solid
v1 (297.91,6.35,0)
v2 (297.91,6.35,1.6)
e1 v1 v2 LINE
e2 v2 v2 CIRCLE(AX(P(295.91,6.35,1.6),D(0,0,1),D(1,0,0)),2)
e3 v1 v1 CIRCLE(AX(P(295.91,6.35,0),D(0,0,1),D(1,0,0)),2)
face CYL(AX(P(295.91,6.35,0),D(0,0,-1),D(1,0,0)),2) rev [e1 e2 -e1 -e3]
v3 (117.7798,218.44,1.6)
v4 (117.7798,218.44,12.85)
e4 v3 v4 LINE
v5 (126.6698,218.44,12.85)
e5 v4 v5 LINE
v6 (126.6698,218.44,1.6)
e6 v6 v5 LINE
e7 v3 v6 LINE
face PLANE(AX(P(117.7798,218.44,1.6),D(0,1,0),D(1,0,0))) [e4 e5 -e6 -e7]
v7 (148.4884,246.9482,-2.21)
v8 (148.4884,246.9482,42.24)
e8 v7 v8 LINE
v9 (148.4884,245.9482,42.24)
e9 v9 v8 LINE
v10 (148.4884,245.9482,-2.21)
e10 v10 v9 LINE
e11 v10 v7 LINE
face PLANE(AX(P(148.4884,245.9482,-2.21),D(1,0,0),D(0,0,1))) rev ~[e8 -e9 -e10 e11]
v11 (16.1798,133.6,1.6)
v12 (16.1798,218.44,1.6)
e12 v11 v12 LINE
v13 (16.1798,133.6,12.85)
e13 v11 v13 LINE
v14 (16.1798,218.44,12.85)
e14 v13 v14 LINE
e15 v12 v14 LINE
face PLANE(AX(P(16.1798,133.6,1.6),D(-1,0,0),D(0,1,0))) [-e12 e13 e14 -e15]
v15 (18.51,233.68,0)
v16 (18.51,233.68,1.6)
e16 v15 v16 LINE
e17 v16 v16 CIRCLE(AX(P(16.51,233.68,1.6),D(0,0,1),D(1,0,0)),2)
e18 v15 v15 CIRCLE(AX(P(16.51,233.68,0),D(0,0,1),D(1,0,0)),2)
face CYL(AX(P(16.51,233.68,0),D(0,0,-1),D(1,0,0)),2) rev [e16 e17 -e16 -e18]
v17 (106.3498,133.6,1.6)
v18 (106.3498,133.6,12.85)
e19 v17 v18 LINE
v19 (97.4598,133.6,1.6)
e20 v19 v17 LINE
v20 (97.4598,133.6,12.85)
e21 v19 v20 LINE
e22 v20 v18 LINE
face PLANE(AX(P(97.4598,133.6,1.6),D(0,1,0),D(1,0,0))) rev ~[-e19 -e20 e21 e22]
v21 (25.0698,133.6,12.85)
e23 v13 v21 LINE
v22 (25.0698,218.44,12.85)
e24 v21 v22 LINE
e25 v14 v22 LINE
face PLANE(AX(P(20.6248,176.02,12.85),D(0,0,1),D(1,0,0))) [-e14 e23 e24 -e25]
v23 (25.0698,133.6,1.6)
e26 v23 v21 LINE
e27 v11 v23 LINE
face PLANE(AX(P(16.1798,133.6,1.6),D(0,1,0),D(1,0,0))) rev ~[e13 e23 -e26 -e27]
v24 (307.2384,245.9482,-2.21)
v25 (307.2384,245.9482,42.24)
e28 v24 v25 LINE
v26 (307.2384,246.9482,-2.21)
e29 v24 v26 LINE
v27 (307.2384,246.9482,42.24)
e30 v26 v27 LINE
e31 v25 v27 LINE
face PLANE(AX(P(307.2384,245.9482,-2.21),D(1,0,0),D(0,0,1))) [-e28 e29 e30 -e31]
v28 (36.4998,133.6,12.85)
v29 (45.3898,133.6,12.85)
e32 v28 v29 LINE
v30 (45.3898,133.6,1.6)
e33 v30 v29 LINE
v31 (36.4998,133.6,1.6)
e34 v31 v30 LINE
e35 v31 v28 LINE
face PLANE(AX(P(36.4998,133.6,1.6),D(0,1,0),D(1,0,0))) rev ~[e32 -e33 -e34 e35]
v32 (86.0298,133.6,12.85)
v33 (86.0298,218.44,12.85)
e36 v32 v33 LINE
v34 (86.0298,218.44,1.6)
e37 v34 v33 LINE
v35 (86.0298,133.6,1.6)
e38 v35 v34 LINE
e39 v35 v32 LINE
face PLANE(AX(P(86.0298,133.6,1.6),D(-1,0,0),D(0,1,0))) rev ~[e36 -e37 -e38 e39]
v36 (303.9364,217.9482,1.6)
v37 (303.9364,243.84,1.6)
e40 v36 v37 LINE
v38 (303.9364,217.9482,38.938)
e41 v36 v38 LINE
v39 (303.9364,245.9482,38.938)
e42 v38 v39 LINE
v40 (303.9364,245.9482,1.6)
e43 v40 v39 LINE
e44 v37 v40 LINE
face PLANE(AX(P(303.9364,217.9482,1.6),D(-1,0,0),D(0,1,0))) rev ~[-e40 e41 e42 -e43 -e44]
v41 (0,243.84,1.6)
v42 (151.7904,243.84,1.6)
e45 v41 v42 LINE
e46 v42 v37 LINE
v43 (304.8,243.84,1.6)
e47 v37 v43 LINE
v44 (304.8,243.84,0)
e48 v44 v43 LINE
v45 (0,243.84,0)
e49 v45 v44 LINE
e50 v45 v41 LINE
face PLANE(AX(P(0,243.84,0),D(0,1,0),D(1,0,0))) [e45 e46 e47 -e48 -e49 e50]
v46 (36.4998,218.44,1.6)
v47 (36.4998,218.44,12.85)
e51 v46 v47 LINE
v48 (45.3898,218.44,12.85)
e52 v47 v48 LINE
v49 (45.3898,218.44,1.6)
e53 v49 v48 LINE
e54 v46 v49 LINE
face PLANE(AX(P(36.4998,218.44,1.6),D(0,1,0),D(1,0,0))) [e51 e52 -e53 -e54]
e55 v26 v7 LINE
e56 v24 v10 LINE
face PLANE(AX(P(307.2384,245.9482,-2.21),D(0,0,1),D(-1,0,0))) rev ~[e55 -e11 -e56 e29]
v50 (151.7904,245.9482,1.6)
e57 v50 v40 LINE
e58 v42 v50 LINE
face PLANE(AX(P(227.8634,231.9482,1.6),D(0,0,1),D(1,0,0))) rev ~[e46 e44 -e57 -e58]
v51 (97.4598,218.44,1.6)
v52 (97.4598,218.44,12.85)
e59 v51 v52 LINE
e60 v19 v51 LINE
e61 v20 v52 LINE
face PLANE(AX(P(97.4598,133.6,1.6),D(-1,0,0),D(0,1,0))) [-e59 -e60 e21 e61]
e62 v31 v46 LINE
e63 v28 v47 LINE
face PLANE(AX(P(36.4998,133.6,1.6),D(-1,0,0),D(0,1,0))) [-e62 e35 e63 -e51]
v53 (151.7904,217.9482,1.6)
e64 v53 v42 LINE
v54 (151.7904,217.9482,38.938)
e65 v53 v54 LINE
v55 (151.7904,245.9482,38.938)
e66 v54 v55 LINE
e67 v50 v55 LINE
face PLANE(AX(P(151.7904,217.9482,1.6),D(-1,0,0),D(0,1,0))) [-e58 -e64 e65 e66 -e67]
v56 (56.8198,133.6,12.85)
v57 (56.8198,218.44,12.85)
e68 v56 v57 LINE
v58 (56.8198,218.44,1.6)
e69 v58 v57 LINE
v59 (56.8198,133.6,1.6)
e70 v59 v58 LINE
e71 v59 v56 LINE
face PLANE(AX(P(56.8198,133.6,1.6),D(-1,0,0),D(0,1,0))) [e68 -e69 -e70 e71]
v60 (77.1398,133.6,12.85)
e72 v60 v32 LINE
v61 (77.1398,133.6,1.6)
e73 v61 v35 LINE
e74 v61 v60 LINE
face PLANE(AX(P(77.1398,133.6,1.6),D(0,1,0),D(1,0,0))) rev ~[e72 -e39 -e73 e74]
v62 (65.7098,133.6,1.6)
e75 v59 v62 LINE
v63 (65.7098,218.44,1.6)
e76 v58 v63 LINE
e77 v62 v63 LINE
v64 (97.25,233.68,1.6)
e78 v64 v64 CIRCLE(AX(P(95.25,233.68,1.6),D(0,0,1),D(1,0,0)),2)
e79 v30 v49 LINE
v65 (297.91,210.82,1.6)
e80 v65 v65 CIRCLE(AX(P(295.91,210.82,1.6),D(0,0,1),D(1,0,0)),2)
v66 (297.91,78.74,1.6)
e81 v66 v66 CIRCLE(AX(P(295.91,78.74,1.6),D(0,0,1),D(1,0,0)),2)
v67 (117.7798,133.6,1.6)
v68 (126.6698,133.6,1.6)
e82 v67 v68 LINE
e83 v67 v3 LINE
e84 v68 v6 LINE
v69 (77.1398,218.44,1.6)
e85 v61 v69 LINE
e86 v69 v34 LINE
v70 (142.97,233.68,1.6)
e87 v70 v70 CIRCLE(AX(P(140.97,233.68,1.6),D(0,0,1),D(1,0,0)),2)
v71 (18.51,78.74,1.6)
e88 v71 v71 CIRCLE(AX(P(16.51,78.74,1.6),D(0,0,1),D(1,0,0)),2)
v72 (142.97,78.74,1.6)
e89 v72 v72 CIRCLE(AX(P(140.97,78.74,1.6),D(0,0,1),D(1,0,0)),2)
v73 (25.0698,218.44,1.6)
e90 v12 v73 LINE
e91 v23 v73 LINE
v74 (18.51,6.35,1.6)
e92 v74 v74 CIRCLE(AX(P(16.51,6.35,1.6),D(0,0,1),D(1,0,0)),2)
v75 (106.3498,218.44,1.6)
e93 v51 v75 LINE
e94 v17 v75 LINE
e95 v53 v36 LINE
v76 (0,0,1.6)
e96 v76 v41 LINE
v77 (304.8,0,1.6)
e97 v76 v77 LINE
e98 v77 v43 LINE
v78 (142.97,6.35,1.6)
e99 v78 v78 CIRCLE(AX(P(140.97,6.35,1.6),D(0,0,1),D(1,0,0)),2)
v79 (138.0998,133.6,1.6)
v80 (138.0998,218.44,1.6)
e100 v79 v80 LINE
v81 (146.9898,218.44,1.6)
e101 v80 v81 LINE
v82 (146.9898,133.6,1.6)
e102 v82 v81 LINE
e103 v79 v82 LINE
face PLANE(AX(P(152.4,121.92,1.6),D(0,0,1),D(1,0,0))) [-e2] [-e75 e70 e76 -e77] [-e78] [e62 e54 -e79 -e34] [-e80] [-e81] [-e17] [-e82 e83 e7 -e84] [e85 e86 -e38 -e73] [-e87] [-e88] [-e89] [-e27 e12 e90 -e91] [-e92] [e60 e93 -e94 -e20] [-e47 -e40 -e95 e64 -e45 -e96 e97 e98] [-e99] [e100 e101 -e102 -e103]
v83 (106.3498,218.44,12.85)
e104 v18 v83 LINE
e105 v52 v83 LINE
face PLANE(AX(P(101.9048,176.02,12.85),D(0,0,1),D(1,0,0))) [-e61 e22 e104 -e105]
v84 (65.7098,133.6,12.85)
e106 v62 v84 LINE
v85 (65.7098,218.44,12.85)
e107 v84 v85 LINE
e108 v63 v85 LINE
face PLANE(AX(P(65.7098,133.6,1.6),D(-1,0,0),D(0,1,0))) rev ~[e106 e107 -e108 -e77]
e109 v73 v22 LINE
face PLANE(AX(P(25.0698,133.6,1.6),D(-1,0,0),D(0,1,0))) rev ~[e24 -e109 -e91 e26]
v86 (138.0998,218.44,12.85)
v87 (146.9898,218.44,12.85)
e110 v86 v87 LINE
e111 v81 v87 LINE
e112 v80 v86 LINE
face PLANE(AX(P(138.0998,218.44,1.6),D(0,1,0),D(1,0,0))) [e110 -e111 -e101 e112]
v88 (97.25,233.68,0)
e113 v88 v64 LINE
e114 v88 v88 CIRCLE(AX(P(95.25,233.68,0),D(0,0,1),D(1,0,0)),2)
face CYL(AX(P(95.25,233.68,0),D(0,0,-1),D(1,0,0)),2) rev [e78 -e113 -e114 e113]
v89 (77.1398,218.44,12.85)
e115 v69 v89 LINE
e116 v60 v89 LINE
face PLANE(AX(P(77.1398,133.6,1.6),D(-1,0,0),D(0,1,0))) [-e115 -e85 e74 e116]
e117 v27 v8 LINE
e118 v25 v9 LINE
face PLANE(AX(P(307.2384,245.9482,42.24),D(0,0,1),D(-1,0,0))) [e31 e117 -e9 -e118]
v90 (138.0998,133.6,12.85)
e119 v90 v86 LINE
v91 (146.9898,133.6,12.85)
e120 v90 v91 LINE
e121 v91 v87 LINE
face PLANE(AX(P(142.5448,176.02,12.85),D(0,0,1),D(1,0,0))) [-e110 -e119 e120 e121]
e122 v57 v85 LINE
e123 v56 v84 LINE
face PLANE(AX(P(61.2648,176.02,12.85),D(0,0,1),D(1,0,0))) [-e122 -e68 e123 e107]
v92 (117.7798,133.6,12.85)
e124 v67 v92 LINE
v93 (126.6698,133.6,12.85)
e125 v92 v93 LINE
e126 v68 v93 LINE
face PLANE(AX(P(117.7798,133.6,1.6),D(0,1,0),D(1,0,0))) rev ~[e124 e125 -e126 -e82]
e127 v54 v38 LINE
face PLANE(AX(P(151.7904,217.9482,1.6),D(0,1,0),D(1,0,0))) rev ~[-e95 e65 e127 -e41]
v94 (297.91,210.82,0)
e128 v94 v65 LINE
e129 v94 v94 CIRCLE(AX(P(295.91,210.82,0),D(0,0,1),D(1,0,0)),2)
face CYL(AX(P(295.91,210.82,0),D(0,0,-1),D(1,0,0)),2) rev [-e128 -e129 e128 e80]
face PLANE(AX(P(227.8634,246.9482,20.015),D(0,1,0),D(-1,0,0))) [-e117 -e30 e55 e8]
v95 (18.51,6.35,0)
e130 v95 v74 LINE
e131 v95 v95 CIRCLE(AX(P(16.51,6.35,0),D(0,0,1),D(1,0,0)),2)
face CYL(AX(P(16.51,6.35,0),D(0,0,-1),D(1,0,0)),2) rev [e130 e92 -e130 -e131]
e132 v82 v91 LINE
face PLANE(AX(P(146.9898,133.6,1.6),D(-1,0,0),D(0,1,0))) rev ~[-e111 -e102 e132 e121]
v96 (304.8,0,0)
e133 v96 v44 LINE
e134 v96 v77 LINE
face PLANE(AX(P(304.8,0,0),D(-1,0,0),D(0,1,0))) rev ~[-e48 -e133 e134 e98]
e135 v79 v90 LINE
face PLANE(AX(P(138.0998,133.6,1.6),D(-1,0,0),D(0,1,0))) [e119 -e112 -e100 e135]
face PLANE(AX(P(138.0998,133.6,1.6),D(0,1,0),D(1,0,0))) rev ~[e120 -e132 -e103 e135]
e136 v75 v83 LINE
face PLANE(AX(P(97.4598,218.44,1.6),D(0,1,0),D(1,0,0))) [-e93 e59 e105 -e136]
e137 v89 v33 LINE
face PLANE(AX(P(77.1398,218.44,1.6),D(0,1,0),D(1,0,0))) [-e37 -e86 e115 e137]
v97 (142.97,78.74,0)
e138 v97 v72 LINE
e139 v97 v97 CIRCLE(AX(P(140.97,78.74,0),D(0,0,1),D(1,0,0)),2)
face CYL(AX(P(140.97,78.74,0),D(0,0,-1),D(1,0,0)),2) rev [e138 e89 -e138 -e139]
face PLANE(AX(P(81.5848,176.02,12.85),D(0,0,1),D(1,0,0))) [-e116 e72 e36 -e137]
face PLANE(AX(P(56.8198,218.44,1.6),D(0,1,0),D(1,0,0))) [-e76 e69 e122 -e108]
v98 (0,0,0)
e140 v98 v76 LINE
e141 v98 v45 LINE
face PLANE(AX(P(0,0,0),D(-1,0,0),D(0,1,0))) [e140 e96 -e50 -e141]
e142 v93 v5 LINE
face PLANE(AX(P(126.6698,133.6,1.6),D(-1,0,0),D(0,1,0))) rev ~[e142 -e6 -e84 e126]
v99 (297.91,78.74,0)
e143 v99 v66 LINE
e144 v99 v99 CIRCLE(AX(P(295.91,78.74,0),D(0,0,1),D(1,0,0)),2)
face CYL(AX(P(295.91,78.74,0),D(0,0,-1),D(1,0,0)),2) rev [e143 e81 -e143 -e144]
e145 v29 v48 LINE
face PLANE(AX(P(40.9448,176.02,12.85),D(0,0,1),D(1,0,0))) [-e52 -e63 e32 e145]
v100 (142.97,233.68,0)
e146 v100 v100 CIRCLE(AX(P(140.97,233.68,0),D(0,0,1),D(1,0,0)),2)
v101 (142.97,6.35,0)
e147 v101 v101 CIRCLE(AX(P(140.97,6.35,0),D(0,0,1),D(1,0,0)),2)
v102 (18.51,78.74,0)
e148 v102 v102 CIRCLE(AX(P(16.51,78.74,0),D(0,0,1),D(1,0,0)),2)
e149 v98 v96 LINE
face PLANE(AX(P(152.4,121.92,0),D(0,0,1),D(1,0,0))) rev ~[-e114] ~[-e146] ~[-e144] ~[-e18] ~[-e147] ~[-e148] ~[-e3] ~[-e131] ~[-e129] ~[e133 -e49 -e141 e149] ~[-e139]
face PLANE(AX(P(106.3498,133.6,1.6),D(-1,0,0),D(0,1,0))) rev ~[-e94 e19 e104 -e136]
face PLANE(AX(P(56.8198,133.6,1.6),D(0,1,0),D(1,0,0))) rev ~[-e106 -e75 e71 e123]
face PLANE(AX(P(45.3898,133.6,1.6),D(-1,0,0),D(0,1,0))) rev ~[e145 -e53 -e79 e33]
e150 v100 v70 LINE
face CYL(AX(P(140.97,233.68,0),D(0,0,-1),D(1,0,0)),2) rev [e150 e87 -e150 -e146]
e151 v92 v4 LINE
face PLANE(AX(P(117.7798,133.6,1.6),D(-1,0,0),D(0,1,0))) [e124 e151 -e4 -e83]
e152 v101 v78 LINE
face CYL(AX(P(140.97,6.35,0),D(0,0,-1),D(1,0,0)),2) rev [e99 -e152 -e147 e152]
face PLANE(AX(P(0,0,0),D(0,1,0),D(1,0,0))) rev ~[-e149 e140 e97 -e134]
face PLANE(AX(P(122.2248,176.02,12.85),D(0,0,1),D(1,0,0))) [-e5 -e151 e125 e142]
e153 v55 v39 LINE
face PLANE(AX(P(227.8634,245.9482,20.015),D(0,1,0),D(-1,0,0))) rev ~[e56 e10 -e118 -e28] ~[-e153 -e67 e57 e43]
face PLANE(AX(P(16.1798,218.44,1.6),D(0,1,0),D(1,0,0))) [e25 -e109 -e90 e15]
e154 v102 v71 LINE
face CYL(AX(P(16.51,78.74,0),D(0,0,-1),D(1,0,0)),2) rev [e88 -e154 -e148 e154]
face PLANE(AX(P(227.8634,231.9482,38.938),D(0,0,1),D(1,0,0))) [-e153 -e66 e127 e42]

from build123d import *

# Parameters (mm, degrees)
F0_W     = 304.8
F0_H     = 243.84
F0_R     = 2
F1_DEPTH = 1.6
F2_W     = 8.89
F2_H     = 84.84
F3_DEPTH = 11.25
F4_W     = 152.146
F4_H     = 28
F5_DEPTH = 37.338
F6_W     = 158.75
F6_H     = 44.45
F7_DEPTH = 1


with BuildPart() as f1:
    # F0 (on Top) → F1 (new body)
    with BuildSketch(Plane.XY):
        with Locations((152.4, 121.92)):
            Rectangle(F0_W, F0_H)
        with Locations((16.51, 6.35)):
            Circle(F0_R, mode=Mode.SUBTRACT)
        with Locations((140.97, 6.35)):
            Circle(F0_R, mode=Mode.SUBTRACT)
        with Locations((16.51, 78.74)):
            Circle(F0_R, mode=Mode.SUBTRACT)
        with Locations((140.97, 78.74)):
            Circle(F0_R, mode=Mode.SUBTRACT)
        with Locations((295.91, 6.35)):
            Circle(F0_R, mode=Mode.SUBTRACT)
        with Locations((295.91, 78.74)):
            Circle(F0_R, mode=Mode.SUBTRACT)
        with Locations((16.51, 233.68)):
            Circle(F0_R, mode=Mode.SUBTRACT)
        with Locations((95.25, 233.68)):
            Circle(F0_R, mode=Mode.SUBTRACT)
        with Locations((140.97, 233.68)):
            Circle(F0_R, mode=Mode.SUBTRACT)
        with Locations((295.91, 210.82)):
            Circle(F0_R, mode=Mode.SUBTRACT)
    extrude(amount=F1_DEPTH)

    # F2 (on face) → F3 (join)
    with BuildSketch(Plane.XY.offset(1.6)):
        with Locations((122.2248, 176.02)):
            Rectangle(F2_W, F2_H)
        with Locations((142.5448, 176.02)):
            Rectangle(F2_W, F2_H)
        with Locations((81.5848, 176.02)):
            Rectangle(F2_W, F2_H)
        with Locations((101.9048, 176.02)):
            Rectangle(F2_W, F2_H)
        with Locations((40.9448, 176.02)):
            Rectangle(F2_W, F2_H)
        with Locations((61.2648, 176.02)):
            Rectangle(F2_W, F2_H)
        with Locations((20.6248, 176.02)):
            Rectangle(F2_W, F2_H)
    extrude(amount=F3_DEPTH)

    # F4 (on face) → F5 (join)
    with BuildSketch(Plane.XY.offset(1.6)):
        with Locations((227.8634, 231.9482)):
            Rectangle(F4_W, F4_H)
    extrude(amount=F5_DEPTH)

    # F6 (on face) → F7 (join)
    with BuildSketch(Plane(origin=(0, 245.9482, 0), x_dir=(-1, 0, 0), z_dir=(0, 1, 0))):
        with Locations((-227.8634, 20.015)):
            Rectangle(F6_W, F6_H)
    extrude(amount=F7_DEPTH)


solid = f1.part
